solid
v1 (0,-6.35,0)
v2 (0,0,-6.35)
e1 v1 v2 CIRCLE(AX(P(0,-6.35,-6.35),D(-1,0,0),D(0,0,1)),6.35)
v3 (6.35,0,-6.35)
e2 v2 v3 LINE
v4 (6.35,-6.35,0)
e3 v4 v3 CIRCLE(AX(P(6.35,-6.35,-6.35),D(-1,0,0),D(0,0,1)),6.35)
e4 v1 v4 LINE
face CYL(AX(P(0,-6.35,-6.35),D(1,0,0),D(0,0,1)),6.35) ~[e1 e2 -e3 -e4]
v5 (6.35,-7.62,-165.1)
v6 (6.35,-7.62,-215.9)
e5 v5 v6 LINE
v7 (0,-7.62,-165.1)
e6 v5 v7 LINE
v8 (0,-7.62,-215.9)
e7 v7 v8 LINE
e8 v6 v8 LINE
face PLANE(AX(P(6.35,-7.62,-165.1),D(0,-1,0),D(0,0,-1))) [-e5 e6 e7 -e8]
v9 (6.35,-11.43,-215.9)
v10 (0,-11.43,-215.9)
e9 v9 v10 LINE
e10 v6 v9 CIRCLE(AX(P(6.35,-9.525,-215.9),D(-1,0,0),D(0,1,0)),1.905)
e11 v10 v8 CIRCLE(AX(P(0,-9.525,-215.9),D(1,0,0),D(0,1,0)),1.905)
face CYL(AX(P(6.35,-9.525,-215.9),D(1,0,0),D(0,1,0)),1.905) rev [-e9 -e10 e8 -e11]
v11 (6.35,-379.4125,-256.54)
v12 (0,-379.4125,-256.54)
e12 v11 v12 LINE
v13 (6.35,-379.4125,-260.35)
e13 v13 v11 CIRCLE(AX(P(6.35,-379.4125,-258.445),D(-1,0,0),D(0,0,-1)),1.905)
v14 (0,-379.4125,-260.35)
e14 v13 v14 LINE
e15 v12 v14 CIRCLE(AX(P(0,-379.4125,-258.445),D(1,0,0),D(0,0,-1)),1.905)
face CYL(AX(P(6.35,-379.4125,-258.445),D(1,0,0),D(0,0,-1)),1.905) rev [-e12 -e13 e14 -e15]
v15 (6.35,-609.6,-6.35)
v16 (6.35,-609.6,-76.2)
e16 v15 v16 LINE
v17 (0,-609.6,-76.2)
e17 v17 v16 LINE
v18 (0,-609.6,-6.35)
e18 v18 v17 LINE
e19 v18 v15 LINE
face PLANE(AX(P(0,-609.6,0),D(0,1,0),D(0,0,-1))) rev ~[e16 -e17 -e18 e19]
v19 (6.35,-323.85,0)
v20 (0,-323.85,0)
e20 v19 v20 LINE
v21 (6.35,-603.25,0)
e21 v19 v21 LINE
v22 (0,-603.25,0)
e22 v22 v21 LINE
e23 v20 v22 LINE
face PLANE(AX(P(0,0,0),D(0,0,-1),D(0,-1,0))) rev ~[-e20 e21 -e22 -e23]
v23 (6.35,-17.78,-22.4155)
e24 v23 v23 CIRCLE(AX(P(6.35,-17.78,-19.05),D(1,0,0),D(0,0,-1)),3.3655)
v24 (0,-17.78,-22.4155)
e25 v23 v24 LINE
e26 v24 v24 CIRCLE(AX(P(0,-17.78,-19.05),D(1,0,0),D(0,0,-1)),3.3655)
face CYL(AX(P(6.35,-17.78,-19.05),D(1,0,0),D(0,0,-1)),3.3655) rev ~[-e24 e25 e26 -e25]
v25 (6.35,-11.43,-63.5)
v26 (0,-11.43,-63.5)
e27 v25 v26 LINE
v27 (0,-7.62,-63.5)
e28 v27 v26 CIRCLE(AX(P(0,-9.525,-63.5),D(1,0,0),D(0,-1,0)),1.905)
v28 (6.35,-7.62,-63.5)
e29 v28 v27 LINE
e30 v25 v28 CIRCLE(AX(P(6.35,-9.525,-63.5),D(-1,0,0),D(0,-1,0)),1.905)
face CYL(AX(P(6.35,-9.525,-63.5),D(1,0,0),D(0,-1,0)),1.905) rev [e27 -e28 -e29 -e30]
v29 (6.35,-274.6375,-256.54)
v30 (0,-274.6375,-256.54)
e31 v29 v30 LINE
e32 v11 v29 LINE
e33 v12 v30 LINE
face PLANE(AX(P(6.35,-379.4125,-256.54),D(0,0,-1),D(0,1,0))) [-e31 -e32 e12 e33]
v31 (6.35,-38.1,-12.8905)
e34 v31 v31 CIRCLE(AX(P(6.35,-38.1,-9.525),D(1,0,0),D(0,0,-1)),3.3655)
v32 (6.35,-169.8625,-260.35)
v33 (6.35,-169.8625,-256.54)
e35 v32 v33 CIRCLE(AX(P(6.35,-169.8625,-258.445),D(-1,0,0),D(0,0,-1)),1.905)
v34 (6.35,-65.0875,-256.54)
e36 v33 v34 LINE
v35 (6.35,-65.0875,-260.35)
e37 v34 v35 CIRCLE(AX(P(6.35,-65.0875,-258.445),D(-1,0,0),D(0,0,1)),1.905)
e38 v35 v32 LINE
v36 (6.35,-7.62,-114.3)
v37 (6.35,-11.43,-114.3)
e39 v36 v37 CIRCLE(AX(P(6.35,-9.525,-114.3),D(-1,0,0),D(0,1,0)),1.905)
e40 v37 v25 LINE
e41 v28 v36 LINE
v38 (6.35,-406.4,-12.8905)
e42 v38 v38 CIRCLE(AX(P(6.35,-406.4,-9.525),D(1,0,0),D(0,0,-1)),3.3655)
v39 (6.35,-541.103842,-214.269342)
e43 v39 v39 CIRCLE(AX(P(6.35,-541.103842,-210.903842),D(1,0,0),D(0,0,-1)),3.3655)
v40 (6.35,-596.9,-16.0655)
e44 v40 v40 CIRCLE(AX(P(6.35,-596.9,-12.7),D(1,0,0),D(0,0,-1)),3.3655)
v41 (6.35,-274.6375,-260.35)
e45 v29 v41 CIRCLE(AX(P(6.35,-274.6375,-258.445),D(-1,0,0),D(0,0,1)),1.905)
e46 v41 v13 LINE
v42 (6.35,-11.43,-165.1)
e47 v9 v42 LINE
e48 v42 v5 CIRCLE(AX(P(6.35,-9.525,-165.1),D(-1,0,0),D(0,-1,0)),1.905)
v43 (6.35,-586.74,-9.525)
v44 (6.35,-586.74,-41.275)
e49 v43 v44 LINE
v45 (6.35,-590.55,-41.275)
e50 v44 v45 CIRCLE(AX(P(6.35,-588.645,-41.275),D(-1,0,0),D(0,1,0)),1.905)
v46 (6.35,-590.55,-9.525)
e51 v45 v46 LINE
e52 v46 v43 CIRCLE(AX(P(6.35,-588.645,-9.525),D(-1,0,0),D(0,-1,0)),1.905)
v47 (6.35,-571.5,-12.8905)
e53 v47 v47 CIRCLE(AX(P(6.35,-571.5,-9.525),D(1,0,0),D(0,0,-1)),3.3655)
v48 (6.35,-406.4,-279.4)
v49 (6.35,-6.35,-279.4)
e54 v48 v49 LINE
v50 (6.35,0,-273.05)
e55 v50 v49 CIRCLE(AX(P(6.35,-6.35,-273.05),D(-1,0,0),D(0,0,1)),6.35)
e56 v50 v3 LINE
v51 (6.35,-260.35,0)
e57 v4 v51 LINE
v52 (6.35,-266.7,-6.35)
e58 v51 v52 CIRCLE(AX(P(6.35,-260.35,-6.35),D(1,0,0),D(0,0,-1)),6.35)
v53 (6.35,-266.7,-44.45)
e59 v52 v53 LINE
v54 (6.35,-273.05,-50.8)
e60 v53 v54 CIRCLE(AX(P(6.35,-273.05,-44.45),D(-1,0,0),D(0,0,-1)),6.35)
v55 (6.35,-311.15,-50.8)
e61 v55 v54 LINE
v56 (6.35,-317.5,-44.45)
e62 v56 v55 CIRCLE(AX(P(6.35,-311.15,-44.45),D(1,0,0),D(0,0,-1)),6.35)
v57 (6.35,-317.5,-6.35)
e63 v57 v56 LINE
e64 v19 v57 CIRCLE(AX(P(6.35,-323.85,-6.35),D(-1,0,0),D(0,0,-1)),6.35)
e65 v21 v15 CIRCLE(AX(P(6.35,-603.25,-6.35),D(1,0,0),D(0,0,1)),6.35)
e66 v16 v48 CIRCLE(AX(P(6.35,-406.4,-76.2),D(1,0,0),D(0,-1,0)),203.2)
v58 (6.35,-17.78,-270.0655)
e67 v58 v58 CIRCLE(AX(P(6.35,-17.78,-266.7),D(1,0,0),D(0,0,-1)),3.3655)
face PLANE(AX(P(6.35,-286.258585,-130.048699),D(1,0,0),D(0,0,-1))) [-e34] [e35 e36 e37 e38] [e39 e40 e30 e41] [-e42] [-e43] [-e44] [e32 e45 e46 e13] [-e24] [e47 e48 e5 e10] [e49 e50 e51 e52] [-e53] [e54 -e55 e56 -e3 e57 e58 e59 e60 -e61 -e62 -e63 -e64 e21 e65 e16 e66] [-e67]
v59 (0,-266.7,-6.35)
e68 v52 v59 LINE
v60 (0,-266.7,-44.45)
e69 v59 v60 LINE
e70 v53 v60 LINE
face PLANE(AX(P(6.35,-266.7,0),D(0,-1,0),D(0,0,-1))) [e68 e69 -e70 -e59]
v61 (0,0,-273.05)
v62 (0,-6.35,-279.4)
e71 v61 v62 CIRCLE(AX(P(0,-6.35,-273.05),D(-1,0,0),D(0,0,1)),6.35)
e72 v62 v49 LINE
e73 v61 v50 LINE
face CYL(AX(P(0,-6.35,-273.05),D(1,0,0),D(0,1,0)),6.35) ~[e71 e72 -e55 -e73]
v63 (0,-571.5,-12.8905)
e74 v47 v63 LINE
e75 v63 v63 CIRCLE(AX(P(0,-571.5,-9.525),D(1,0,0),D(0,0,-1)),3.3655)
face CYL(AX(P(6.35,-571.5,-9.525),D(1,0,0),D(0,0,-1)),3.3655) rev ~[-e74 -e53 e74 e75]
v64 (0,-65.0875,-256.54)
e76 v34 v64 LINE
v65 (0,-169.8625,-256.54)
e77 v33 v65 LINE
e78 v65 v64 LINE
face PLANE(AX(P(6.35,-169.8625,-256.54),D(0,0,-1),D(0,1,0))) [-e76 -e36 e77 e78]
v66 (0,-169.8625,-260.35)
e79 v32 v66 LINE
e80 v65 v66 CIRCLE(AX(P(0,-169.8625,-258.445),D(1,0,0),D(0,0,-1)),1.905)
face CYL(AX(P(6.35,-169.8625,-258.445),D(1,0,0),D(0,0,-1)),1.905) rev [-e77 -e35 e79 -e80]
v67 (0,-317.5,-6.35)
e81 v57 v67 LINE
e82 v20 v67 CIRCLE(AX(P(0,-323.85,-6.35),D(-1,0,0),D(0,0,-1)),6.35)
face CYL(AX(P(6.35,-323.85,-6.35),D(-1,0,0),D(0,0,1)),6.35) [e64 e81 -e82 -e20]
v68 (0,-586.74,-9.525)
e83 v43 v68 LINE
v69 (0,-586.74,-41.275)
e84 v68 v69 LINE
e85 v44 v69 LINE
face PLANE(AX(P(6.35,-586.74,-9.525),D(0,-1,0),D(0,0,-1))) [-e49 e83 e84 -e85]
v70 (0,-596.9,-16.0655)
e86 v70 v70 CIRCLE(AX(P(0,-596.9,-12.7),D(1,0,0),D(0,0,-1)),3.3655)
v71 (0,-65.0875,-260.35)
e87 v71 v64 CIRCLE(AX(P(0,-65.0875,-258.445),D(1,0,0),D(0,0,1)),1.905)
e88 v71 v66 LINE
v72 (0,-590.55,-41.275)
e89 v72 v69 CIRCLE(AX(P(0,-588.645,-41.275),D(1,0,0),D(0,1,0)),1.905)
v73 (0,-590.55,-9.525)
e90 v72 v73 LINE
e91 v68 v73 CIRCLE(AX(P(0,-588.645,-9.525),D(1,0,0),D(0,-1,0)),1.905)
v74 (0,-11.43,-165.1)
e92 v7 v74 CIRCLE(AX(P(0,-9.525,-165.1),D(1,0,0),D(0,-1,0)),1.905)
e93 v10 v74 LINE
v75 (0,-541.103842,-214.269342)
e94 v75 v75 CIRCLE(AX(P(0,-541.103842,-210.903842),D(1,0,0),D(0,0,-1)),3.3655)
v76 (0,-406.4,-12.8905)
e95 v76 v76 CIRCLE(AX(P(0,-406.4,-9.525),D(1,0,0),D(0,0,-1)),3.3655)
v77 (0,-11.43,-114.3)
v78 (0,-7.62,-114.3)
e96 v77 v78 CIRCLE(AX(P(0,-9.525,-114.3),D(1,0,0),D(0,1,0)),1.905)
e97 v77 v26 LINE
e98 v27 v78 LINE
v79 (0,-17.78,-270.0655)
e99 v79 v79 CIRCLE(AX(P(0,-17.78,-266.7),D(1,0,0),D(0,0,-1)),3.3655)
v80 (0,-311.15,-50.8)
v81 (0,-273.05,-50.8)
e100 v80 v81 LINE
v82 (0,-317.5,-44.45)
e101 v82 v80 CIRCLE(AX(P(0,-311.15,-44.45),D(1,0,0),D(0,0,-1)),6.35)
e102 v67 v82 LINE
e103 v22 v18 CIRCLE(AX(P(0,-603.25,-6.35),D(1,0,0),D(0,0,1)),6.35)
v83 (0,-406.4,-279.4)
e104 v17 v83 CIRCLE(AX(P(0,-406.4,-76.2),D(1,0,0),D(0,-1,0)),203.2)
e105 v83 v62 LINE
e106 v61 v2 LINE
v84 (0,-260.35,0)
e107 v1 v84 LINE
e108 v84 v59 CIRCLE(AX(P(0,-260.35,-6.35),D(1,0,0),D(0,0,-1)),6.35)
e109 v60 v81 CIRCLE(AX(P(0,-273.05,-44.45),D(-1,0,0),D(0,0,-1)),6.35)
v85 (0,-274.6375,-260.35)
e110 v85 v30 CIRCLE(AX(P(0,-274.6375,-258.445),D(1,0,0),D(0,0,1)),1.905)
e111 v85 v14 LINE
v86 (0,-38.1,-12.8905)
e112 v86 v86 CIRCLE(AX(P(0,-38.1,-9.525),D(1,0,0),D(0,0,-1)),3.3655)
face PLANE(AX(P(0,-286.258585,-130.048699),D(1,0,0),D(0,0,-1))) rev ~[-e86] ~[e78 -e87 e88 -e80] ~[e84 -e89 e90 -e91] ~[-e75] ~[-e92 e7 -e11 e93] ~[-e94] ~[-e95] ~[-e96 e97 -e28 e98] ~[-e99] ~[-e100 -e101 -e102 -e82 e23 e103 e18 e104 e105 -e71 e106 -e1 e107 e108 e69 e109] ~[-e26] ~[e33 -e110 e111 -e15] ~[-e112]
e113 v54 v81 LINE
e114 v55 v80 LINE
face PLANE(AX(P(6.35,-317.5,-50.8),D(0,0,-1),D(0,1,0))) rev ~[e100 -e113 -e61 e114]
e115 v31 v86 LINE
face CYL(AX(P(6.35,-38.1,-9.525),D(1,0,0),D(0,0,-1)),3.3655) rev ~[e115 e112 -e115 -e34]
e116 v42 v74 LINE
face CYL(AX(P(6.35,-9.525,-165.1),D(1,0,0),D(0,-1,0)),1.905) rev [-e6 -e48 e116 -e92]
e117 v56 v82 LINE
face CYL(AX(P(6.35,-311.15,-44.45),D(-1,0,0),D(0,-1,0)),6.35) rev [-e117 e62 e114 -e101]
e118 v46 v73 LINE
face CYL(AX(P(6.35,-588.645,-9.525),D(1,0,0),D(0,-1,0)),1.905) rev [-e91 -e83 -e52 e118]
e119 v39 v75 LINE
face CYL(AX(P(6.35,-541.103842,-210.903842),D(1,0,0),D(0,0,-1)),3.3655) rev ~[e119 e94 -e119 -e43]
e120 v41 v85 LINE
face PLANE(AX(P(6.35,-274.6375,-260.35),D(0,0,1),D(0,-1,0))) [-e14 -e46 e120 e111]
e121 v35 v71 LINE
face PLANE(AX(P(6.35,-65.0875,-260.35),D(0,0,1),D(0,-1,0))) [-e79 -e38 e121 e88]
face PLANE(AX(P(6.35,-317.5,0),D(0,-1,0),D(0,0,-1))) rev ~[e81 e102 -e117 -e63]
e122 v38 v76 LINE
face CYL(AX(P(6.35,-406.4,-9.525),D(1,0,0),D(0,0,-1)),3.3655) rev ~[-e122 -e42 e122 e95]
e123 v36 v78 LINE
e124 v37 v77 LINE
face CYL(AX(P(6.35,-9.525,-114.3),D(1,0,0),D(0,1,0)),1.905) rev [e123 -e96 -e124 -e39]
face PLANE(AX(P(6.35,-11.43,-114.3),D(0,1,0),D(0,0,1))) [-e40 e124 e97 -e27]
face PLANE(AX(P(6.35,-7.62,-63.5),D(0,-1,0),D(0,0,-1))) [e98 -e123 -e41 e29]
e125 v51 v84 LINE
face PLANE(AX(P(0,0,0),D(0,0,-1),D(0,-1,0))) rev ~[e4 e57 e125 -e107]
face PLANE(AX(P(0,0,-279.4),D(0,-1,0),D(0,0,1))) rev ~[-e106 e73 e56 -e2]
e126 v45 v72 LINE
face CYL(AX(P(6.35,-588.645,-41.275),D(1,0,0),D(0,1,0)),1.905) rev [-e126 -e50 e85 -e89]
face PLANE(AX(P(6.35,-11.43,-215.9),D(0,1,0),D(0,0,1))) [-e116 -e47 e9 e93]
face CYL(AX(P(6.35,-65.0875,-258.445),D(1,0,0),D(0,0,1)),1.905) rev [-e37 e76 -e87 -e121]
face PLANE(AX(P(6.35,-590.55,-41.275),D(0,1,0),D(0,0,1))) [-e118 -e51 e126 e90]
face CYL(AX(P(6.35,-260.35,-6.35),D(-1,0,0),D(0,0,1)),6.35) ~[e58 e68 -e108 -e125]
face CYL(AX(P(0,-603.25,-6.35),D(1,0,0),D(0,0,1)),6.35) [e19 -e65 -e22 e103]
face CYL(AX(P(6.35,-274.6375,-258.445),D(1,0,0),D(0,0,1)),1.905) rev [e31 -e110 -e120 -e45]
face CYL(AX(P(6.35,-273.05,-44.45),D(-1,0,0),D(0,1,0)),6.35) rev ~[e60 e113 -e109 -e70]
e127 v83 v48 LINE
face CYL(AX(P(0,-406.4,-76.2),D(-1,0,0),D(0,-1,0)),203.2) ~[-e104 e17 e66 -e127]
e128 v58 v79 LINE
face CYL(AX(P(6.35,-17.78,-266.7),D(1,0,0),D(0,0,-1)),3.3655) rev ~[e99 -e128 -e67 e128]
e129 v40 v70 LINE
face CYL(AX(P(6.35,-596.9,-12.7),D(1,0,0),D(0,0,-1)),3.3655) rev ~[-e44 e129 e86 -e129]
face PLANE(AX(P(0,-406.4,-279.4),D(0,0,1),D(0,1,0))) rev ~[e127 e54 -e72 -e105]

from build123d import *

# Parameters (mm, degrees)
BOSS_EXTRUDE1_DEPTH     = 6.35
SKETCH2_R               = 3.3655
CUT_EXTRUDE1_DEPTH      = 7.35
FILLET1_R               = 6.35
CUT_EXTRUDE6_DEPTH      = 7.35
SKETCH4_R               = 3.3655
CUT_EXTRUDE3_DEPTH      = 7.35
CUT_EXTRUDE7_DEPTH      = 7.35
CUT_EXTRUDE8_DEPTH      = 1
CUT_EXTRUDE8_DEPTH_BACK = 7.35
SKETCH8_W               = 50.8
SKETCH8_H               = 50.8
CUT_EXTRUDE9_DEPTH      = 7.35
FILLET2_R               = 6.35


with BuildPart() as part:
    # Sketch1 → Boss-Extrude1 (new body)
    with BuildSketch(Plane(origin=(0, 0, 0), x_dir=(0, 0, -1), z_dir=(1, 0, 0))):
        with BuildLine():
            Line((0, 0), (0, -609.6))
            Line((0, -609.6), (76.2, -609.6))
            ThreePointArc((76.2, -609.6), (219.884097937, -550.084097937), (279.4, -406.4))
            Line((279.4, -406.4), (279.4, 0))
            Line((279.4, 0), (0, 0))
        make_face()
    extrude(amount=BOSS_EXTRUDE1_DEPTH)

    # Sketch2 → Cut-Extrude1 (cut, through all)
    with BuildSketch(Plane(origin=(6.35, 0, 0), x_dir=(0, 0, -1), z_dir=(1, 0, 0))):
        with Locations((266.7, -17.78)):
            Circle(SKETCH2_R)
        with Locations((12.7, -596.9)):
            Circle(SKETCH2_R)
        with Locations((210.903841816, -541.103841816)):
            Circle(SKETCH2_R)
        with Locations((19.05, -17.78)):
            Circle(SKETCH2_R)
    extrude(amount=-CUT_EXTRUDE1_DEPTH, mode=Mode.SUBTRACT)

    # Fillet1
    fillet1_edges = [part.edges().sort_by_distance(p)[0] for p in [
        (3.175, 0, -279.4),
        (3.175, -609.6, 0),
        (3.175, 0, 0),
    ]]
    fillet(fillet1_edges, radius=FILLET1_R)

    # Sketch3 → Cut-Extrude6 (cut, through all)
    with BuildSketch(Plane(origin=(6.35, 0, 0), x_dir=(0, 0, -1), z_dir=(1, 0, 0))):
        with BuildLine():
            Line((63.5, -7.62), (114.3, -7.62))
            ThreePointArc((114.3, -7.62), (116.205, -9.525), (114.3, -11.43))
            Line((114.3, -11.43), (63.5, -11.43))
            ThreePointArc((63.5, -11.43), (61.595, -9.525), (63.5, -7.62))
        make_face()
        with BuildLine():
            Line((165.1, -7.62), (215.9, -7.62))
            ThreePointArc((215.9, -7.62), (217.805, -9.525), (215.9, -11.43))
            Line((215.9, -11.43), (165.1, -11.43))
            ThreePointArc((165.1, -11.43), (163.195, -9.525), (165.1, -7.62))
        make_face()
    extrude(amount=-CUT_EXTRUDE6_DEPTH, mode=Mode.SUBTRACT)

    # Sketch4 → Cut-Extrude3 (cut, through all)
    with BuildSketch(Plane(origin=(6.35, 0, 0), x_dir=(0, 0, -1), z_dir=(1, 0, 0))):
        with Locations((9.525, -38.1)):
            Circle(SKETCH4_R)
        with Locations((9.525, -406.4)):
            Circle(SKETCH4_R)
        with Locations((9.525, -571.5)):
            Circle(SKETCH4_R)
    extrude(amount=-CUT_EXTRUDE3_DEPTH, mode=Mode.SUBTRACT)

    # Sketch6 → Cut-Extrude7 (cut, through all)
    with BuildSketch(Plane(origin=(6.35, 0, 0), x_dir=(0, 0, -1), z_dir=(1, 0, 0))):
        with BuildLine():
            Line((260.35, -65.0875), (260.35, -169.8625))
            ThreePointArc((260.35, -169.8625), (258.445, -171.7675), (256.54, -169.8625))
            Line((256.54, -169.8625), (256.54, -65.0875))
            ThreePointArc((256.54, -65.0875), (258.445, -63.1825), (260.35, -65.0875))
        make_face()
        with BuildLine():
            Line((256.54, -379.4125), (256.54, -274.6375))
            ThreePointArc((256.54, -274.6375), (258.445, -272.7325), (260.35, -274.6375))
            Line((260.35, -274.6375), (260.35, -379.4125))
            ThreePointArc((260.35, -379.4125), (258.445, -381.3175), (256.54, -379.4125))
        make_face()
    extrude(amount=-CUT_EXTRUDE7_DEPTH, mode=Mode.SUBTRACT)

    # Sketch7 → Cut-Extrude8 (cut, two sides)
    with BuildSketch(Plane(origin=(6.35, 0, 0), x_dir=(0, 0, -1), z_dir=(1, 0, 0))) as cut_extrude8_sk:
        with BuildLine():
            Line((9.525, -586.74), (41.275, -586.74))
            ThreePointArc((41.275, -586.74), (43.18, -588.645), (41.275, -590.55))
            Line((41.275, -590.55), (9.525, -590.55))
            ThreePointArc((9.525, -590.55), (7.62, -588.645), (9.525, -586.74))
        make_face()
    extrude(amount=CUT_EXTRUDE8_DEPTH, mode=Mode.SUBTRACT)
    extrude(cut_extrude8_sk.sketch, amount=-CUT_EXTRUDE8_DEPTH_BACK, mode=Mode.SUBTRACT)

    # Sketch8 → Cut-Extrude9 (cut, through all)
    with BuildSketch(Plane(origin=(6.35, 0, 0), x_dir=(0, 0, -1), z_dir=(1, 0, 0))):
        with Locations((25.4, -292.1)):
            Rectangle(SKETCH8_W, SKETCH8_H)
    extrude(amount=-CUT_EXTRUDE9_DEPTH, mode=Mode.SUBTRACT)

    # Fillet2
    fillet2_edges = [part.edges().sort_by_distance(p)[0] for p in [
        (3.175, -317.5, 0),
        (3.175, -266.7, 0),
        (3.175, -266.7, -50.8),
        (3.175, -317.5, -50.8),
    ]]
    fillet(fillet2_edges, radius=FILLET2_R)


solid = part.part
